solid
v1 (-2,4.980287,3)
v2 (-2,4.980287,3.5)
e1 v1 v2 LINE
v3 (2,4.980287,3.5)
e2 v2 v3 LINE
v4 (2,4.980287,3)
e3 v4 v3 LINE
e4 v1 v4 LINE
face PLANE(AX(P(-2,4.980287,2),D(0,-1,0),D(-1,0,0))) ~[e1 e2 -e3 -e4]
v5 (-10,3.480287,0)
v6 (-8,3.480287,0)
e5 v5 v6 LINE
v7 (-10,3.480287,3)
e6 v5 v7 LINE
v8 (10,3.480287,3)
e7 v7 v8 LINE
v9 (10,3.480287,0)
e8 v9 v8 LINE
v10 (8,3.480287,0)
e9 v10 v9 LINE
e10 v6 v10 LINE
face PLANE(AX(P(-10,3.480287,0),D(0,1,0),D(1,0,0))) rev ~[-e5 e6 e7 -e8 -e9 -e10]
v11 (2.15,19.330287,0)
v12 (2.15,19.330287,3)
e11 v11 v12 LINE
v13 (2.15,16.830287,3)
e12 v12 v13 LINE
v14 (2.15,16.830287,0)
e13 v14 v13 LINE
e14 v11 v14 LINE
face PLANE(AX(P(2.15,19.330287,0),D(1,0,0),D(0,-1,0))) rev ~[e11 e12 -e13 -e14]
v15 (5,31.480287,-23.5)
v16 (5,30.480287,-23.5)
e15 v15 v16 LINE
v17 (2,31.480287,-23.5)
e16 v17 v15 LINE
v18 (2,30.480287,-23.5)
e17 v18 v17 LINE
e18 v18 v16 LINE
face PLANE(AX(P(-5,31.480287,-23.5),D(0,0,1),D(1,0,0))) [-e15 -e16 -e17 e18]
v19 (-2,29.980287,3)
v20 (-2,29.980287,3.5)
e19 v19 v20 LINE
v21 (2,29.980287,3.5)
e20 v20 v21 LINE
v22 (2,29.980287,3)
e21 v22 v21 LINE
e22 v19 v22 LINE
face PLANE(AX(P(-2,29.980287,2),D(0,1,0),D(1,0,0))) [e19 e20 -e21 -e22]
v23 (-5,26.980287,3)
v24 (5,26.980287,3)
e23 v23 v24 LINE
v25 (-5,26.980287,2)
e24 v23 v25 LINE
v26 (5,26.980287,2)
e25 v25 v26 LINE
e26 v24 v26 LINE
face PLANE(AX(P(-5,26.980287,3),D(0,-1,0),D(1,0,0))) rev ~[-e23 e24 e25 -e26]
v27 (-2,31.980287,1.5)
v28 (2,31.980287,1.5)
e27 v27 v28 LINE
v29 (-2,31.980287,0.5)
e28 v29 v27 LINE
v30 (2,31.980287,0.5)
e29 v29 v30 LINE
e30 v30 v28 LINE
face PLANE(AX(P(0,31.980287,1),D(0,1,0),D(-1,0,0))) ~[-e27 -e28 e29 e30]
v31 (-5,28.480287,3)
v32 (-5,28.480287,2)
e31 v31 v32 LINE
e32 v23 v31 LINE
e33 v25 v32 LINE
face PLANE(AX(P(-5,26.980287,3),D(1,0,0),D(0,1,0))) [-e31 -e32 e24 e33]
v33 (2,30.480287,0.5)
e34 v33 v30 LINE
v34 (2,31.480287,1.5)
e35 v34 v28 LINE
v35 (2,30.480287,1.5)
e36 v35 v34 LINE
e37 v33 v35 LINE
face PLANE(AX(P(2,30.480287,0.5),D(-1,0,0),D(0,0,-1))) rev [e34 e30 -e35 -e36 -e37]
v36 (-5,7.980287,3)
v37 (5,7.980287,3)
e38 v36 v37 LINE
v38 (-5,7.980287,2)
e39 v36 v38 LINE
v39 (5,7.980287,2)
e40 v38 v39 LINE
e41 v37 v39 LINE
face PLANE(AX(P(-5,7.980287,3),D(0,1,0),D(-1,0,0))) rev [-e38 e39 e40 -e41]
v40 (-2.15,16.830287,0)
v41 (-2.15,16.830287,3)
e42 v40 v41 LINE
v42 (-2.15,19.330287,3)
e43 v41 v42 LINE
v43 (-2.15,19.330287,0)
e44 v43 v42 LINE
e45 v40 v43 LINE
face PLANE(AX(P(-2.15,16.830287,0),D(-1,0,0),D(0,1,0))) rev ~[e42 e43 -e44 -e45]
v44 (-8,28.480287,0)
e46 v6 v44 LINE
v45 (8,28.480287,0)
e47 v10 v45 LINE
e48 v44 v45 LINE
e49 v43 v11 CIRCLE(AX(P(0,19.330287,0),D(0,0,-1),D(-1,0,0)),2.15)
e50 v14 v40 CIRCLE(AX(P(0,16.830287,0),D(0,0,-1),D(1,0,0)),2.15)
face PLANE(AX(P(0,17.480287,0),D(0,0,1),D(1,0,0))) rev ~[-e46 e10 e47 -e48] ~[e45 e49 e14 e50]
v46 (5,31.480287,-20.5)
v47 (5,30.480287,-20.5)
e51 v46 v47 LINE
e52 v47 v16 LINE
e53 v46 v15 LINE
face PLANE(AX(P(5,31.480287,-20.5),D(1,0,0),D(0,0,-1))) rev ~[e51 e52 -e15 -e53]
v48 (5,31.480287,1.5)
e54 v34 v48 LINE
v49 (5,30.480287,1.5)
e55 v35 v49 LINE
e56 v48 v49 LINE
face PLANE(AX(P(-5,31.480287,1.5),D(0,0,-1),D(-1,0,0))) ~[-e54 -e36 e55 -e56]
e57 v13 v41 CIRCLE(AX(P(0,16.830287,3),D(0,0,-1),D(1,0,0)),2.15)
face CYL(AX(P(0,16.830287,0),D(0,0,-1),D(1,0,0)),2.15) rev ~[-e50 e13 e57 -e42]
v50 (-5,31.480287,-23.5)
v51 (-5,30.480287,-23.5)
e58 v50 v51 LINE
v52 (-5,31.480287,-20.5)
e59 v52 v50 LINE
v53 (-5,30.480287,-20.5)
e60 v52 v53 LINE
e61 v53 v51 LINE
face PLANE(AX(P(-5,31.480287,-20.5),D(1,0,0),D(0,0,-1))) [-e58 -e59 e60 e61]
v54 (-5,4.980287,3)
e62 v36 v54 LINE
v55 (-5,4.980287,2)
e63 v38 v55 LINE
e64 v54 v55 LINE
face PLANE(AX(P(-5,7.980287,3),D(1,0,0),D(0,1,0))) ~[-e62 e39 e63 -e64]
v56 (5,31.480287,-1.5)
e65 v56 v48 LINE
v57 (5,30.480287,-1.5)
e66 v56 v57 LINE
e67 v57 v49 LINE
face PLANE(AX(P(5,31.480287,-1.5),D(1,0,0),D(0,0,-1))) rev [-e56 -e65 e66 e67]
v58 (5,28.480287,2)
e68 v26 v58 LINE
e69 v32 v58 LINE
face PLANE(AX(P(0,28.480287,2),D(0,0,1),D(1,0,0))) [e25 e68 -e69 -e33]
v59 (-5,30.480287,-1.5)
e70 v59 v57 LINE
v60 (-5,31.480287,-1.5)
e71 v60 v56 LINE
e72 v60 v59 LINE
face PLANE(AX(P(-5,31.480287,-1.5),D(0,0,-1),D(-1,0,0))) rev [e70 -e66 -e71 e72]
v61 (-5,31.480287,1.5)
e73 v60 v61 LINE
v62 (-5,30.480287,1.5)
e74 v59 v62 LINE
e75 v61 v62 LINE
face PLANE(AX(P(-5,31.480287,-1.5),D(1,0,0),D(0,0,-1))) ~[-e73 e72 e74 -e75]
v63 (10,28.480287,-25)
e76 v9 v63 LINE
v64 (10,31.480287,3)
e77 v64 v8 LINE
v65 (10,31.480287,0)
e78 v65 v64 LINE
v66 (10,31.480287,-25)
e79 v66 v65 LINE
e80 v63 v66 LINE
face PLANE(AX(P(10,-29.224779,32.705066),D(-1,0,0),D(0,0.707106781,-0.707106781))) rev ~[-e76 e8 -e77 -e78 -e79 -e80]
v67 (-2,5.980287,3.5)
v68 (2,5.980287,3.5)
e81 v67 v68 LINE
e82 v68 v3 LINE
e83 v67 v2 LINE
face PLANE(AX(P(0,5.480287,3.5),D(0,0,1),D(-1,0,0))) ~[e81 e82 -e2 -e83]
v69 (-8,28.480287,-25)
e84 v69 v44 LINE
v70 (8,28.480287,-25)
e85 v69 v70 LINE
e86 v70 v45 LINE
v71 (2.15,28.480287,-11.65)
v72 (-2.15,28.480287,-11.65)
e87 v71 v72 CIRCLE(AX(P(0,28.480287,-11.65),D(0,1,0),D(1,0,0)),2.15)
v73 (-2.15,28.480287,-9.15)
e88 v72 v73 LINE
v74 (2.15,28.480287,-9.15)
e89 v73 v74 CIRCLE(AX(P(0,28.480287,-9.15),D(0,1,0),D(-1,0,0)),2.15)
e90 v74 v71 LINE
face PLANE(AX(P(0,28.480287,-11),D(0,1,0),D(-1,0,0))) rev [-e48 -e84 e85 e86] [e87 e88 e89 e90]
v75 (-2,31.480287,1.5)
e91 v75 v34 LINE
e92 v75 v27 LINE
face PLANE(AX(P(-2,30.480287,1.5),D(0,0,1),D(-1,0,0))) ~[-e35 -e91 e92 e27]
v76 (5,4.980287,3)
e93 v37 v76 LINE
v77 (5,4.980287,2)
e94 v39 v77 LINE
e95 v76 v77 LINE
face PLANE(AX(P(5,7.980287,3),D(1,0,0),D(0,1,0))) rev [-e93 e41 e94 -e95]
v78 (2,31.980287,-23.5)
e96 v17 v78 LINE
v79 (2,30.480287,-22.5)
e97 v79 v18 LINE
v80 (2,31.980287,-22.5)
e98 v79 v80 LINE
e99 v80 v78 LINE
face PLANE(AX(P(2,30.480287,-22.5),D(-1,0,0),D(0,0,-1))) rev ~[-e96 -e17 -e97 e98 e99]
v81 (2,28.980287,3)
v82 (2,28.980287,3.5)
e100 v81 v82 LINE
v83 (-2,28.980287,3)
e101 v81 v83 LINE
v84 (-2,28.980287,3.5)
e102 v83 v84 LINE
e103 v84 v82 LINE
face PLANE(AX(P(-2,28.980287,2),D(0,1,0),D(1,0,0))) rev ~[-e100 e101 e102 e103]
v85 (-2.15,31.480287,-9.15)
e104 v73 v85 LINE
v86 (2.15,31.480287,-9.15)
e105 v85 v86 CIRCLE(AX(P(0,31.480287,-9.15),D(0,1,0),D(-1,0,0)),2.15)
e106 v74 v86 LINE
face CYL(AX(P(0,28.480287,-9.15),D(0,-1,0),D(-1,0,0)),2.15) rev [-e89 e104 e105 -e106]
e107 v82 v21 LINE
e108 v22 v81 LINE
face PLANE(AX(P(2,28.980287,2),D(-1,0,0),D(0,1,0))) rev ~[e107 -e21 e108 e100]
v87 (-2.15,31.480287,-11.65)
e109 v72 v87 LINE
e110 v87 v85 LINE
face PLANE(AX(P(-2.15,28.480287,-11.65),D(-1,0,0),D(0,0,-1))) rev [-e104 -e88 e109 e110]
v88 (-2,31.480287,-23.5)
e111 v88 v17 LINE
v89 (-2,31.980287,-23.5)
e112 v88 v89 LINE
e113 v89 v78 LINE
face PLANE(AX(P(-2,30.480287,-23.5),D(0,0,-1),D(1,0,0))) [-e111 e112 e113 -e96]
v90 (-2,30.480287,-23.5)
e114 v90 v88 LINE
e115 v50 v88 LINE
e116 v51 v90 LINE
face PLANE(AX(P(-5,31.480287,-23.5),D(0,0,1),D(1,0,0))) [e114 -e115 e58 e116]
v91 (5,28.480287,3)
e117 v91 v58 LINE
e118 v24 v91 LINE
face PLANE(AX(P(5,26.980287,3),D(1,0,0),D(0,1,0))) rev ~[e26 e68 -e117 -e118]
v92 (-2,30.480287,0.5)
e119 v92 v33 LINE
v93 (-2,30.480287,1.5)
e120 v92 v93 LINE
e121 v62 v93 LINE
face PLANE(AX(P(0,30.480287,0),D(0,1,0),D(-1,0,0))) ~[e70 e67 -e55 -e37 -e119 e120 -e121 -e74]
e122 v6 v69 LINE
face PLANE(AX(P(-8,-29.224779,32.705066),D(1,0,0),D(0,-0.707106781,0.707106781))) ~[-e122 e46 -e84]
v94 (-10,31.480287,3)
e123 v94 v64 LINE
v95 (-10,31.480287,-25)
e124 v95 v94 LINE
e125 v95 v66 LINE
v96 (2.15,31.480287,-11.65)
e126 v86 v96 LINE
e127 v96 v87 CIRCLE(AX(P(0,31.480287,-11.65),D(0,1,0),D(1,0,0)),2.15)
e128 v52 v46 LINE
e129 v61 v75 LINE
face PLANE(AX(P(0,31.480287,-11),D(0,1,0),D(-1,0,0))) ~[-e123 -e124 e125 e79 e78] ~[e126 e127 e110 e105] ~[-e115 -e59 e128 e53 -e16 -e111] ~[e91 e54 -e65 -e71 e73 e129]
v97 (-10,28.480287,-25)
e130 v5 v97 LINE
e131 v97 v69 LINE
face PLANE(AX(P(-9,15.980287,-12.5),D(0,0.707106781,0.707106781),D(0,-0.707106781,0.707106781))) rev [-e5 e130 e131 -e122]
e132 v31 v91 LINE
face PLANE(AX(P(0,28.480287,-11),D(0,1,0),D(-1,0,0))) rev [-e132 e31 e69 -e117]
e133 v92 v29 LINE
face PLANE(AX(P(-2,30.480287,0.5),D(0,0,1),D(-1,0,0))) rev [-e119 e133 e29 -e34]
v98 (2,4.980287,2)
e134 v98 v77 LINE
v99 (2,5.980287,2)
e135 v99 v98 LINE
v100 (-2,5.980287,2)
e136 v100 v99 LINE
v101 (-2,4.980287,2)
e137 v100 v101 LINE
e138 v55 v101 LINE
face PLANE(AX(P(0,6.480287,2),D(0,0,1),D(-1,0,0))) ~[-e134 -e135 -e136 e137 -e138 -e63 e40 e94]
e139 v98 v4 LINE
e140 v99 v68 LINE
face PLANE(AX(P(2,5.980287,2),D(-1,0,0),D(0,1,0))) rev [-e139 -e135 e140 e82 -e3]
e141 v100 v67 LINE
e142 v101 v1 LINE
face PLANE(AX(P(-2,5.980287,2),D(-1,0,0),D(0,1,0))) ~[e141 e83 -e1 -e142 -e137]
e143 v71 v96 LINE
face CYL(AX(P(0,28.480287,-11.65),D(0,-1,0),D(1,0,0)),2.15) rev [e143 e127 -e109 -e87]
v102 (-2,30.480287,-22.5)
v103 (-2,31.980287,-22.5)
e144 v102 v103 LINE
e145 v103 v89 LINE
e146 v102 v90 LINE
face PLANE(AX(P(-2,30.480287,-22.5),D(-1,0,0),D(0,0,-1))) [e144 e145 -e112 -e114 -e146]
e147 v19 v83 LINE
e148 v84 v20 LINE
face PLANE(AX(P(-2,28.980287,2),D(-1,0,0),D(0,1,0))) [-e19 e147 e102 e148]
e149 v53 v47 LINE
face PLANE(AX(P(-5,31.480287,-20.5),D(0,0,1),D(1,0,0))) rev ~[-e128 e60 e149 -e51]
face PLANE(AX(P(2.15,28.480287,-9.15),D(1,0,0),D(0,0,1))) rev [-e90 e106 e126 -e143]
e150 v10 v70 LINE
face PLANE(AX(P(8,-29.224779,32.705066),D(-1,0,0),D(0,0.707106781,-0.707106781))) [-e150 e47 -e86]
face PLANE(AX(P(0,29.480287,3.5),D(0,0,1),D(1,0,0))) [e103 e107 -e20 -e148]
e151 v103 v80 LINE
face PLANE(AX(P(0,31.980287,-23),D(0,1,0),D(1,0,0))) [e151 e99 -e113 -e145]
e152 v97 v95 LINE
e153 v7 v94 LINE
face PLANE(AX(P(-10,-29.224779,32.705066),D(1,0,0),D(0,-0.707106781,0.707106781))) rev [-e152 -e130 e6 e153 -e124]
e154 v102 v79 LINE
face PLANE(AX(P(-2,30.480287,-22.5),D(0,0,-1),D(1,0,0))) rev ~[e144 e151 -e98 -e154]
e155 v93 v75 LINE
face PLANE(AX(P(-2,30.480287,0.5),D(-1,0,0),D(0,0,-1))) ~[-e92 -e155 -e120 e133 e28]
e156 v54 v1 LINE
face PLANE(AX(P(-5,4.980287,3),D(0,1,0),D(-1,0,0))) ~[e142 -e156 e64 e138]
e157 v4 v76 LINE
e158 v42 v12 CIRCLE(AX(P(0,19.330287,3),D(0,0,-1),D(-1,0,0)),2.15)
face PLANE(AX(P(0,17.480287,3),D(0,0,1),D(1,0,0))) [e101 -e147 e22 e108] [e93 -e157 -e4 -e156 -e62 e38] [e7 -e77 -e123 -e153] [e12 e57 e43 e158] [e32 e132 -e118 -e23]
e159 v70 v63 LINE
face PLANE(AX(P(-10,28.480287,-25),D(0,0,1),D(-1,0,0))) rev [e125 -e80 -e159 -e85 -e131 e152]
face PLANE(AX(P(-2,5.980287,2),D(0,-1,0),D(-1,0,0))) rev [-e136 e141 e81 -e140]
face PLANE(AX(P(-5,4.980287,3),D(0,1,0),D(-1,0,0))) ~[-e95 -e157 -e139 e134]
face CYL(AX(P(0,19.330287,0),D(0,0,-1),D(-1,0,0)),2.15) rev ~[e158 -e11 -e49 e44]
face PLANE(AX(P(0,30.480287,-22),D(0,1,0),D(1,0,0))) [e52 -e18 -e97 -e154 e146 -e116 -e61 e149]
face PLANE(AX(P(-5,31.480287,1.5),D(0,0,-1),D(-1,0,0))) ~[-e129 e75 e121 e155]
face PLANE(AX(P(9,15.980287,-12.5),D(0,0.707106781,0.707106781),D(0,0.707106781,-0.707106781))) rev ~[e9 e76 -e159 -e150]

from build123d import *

# Parameters (mm, degrees)
SKETCH_1_W               = 20
SKETCH_1_H               = 28
EXTRUDE_1_DEPTH          = 3
SKETCH_2_W               = 10
SKETCH_2_H               = 3
CUT_EXTRUDE_1_DEPTH      = 1
SKETCH_3_W               = 4
SKETCH_3_H               = 1
EXTRUDE_2_DEPTH          = 1.5
MIRROR_2_COPY_1_SKETCH_W = 10
MIRROR_2_COPY_1_SKETCH_H = 3
MIRROR_2_COPY_1_DEPTH    = 1
MIRROR_2_COPY_2_SKETCH_W = 4
MIRROR_2_COPY_2_SKETCH_H = 1
MIRROR_2_COPY_2_DEPTH    = 1.5
RIB_2_REACH              = 47.252
SKETCH_4_WALL_W          = 127.859233498
SKETCH_4_WALL_H          = 2


with BuildPart() as part:
    # 草图1 → 凸台-拉伸1 (new body)
    with BuildSketch(Plane.XY):
        with Locations((0, 17.480286539)):
            Rectangle(SKETCH_1_W, SKETCH_1_H)
        with BuildLine():
            Line((2.15, 19.330286539), (2.15, 16.830286539))
            ThreePointArc((2.15, 16.830286539), (0, 14.680286539), (-2.15, 16.830286539))
            Line((-2.15, 16.830286539), (-2.15, 19.330286539))
            ThreePointArc((-2.15, 19.330286539), (0, 21.480286539), (2.15, 19.330286539))
        make_face(mode=Mode.SUBTRACT)
    extrude_1 = extrude(amount=EXTRUDE_1_DEPTH)

    # 草图2 → 切除-拉伸1 (cut)
    with BuildSketch(Plane.XY.offset(3)):
        with Locations((0, 28.480286539)):
            Rectangle(SKETCH_2_W, SKETCH_2_H)
    cut_extrude_1 = extrude(amount=-CUT_EXTRUDE_1_DEPTH, mode=Mode.SUBTRACT)

    # 草图3 → 凸台-拉伸2 (add)
    with BuildSketch(Plane.XY.offset(2)):
        with Locations((0, 29.480286539)):
            Rectangle(SKETCH_3_W, SKETCH_3_H)
    extrude_2 = extrude(amount=EXTRUDE_2_DEPTH)

    # 镜向1: 切除-拉伸1, 凸台-拉伸2 across plane
    add(cut_extrude_1.mirror(Plane.ZX.offset(17.480286539)), mode=Mode.SUBTRACT)
    add(extrude_2.mirror(Plane.ZX.offset(17.480286539)))

    # 镜向2: 凸台-拉伸1, 切除-拉伸1, 凸台-拉伸2 across plane
    add(extrude_1.mirror(Plane(origin=(0, 14.240143269, -14.240143269), x_dir=(0, 0.7071067811865478, 0.7071067811865472), z_dir=(0, -0.7071067811865475, 0.7071067811865477))))
    add(cut_extrude_1.mirror(Plane(origin=(0, 14.240143269, -14.240143269), x_dir=(0, 0.7071067811865478, 0.7071067811865472), z_dir=(0, -0.7071067811865475, 0.7071067811865477))), mode=Mode.SUBTRACT)
    add(extrude_2.mirror(Plane(origin=(0, 14.240143269, -14.240143269), x_dir=(0, 0.7071067811865478, 0.7071067811865472), z_dir=(0, -0.7071067811865475, 0.7071067811865477))))

    # 镜向2 copy 1 sketch → 镜向2 copy 1 (cut)
    with BuildSketch(Plane(origin=(0, 31.480286539, 6.480286539), x_dir=(1, 0, 0), z_dir=(0, 1, 0))):
        with Locations((0, 28.480286539)):
            Rectangle(MIRROR_2_COPY_1_SKETCH_W, MIRROR_2_COPY_1_SKETCH_H)
    extrude(amount=-MIRROR_2_COPY_1_DEPTH, mode=Mode.SUBTRACT)

    # 镜向2 copy 2 sketch → 镜向2 copy 2 (add)
    with BuildSketch(Plane(origin=(0, 30.480286539, 6.480286539), x_dir=(1, 0, 0), z_dir=(0, 1, 0))):
        with Locations((0, 29.480286539)):
            Rectangle(MIRROR_2_COPY_2_SKETCH_W, MIRROR_2_COPY_2_SKETCH_H)
    extrude(amount=MIRROR_2_COPY_2_DEPTH)

    # 草图4 wall → 筋2 (add, up to next)
    with BuildSketch(Plane(origin=(10, 15.980286539, -12.5), x_dir=(0, 0.707106781187, -0.707106781187), z_dir=(0, 0.707106781187, 0.707106781187)), mode=Mode.PRIVATE) as rib_2_sk1:
        with Locations((0, 1)):
            Rectangle(SKETCH_4_WALL_W, SKETCH_4_WALL_H)
    rib_2_tool1 = extrude(rib_2_sk1.sketch, amount=RIB_2_REACH, mode=Mode.PRIVATE) - part.part
    rib_2 = rib_2_tool1.solids().sort_by_distance((10, 15.980286539, -12.5))[0]
    add(rib_2)

    # 镜向3: 筋2 across plane
    add(rib_2.mirror(Plane.ZY))


solid = part.part
